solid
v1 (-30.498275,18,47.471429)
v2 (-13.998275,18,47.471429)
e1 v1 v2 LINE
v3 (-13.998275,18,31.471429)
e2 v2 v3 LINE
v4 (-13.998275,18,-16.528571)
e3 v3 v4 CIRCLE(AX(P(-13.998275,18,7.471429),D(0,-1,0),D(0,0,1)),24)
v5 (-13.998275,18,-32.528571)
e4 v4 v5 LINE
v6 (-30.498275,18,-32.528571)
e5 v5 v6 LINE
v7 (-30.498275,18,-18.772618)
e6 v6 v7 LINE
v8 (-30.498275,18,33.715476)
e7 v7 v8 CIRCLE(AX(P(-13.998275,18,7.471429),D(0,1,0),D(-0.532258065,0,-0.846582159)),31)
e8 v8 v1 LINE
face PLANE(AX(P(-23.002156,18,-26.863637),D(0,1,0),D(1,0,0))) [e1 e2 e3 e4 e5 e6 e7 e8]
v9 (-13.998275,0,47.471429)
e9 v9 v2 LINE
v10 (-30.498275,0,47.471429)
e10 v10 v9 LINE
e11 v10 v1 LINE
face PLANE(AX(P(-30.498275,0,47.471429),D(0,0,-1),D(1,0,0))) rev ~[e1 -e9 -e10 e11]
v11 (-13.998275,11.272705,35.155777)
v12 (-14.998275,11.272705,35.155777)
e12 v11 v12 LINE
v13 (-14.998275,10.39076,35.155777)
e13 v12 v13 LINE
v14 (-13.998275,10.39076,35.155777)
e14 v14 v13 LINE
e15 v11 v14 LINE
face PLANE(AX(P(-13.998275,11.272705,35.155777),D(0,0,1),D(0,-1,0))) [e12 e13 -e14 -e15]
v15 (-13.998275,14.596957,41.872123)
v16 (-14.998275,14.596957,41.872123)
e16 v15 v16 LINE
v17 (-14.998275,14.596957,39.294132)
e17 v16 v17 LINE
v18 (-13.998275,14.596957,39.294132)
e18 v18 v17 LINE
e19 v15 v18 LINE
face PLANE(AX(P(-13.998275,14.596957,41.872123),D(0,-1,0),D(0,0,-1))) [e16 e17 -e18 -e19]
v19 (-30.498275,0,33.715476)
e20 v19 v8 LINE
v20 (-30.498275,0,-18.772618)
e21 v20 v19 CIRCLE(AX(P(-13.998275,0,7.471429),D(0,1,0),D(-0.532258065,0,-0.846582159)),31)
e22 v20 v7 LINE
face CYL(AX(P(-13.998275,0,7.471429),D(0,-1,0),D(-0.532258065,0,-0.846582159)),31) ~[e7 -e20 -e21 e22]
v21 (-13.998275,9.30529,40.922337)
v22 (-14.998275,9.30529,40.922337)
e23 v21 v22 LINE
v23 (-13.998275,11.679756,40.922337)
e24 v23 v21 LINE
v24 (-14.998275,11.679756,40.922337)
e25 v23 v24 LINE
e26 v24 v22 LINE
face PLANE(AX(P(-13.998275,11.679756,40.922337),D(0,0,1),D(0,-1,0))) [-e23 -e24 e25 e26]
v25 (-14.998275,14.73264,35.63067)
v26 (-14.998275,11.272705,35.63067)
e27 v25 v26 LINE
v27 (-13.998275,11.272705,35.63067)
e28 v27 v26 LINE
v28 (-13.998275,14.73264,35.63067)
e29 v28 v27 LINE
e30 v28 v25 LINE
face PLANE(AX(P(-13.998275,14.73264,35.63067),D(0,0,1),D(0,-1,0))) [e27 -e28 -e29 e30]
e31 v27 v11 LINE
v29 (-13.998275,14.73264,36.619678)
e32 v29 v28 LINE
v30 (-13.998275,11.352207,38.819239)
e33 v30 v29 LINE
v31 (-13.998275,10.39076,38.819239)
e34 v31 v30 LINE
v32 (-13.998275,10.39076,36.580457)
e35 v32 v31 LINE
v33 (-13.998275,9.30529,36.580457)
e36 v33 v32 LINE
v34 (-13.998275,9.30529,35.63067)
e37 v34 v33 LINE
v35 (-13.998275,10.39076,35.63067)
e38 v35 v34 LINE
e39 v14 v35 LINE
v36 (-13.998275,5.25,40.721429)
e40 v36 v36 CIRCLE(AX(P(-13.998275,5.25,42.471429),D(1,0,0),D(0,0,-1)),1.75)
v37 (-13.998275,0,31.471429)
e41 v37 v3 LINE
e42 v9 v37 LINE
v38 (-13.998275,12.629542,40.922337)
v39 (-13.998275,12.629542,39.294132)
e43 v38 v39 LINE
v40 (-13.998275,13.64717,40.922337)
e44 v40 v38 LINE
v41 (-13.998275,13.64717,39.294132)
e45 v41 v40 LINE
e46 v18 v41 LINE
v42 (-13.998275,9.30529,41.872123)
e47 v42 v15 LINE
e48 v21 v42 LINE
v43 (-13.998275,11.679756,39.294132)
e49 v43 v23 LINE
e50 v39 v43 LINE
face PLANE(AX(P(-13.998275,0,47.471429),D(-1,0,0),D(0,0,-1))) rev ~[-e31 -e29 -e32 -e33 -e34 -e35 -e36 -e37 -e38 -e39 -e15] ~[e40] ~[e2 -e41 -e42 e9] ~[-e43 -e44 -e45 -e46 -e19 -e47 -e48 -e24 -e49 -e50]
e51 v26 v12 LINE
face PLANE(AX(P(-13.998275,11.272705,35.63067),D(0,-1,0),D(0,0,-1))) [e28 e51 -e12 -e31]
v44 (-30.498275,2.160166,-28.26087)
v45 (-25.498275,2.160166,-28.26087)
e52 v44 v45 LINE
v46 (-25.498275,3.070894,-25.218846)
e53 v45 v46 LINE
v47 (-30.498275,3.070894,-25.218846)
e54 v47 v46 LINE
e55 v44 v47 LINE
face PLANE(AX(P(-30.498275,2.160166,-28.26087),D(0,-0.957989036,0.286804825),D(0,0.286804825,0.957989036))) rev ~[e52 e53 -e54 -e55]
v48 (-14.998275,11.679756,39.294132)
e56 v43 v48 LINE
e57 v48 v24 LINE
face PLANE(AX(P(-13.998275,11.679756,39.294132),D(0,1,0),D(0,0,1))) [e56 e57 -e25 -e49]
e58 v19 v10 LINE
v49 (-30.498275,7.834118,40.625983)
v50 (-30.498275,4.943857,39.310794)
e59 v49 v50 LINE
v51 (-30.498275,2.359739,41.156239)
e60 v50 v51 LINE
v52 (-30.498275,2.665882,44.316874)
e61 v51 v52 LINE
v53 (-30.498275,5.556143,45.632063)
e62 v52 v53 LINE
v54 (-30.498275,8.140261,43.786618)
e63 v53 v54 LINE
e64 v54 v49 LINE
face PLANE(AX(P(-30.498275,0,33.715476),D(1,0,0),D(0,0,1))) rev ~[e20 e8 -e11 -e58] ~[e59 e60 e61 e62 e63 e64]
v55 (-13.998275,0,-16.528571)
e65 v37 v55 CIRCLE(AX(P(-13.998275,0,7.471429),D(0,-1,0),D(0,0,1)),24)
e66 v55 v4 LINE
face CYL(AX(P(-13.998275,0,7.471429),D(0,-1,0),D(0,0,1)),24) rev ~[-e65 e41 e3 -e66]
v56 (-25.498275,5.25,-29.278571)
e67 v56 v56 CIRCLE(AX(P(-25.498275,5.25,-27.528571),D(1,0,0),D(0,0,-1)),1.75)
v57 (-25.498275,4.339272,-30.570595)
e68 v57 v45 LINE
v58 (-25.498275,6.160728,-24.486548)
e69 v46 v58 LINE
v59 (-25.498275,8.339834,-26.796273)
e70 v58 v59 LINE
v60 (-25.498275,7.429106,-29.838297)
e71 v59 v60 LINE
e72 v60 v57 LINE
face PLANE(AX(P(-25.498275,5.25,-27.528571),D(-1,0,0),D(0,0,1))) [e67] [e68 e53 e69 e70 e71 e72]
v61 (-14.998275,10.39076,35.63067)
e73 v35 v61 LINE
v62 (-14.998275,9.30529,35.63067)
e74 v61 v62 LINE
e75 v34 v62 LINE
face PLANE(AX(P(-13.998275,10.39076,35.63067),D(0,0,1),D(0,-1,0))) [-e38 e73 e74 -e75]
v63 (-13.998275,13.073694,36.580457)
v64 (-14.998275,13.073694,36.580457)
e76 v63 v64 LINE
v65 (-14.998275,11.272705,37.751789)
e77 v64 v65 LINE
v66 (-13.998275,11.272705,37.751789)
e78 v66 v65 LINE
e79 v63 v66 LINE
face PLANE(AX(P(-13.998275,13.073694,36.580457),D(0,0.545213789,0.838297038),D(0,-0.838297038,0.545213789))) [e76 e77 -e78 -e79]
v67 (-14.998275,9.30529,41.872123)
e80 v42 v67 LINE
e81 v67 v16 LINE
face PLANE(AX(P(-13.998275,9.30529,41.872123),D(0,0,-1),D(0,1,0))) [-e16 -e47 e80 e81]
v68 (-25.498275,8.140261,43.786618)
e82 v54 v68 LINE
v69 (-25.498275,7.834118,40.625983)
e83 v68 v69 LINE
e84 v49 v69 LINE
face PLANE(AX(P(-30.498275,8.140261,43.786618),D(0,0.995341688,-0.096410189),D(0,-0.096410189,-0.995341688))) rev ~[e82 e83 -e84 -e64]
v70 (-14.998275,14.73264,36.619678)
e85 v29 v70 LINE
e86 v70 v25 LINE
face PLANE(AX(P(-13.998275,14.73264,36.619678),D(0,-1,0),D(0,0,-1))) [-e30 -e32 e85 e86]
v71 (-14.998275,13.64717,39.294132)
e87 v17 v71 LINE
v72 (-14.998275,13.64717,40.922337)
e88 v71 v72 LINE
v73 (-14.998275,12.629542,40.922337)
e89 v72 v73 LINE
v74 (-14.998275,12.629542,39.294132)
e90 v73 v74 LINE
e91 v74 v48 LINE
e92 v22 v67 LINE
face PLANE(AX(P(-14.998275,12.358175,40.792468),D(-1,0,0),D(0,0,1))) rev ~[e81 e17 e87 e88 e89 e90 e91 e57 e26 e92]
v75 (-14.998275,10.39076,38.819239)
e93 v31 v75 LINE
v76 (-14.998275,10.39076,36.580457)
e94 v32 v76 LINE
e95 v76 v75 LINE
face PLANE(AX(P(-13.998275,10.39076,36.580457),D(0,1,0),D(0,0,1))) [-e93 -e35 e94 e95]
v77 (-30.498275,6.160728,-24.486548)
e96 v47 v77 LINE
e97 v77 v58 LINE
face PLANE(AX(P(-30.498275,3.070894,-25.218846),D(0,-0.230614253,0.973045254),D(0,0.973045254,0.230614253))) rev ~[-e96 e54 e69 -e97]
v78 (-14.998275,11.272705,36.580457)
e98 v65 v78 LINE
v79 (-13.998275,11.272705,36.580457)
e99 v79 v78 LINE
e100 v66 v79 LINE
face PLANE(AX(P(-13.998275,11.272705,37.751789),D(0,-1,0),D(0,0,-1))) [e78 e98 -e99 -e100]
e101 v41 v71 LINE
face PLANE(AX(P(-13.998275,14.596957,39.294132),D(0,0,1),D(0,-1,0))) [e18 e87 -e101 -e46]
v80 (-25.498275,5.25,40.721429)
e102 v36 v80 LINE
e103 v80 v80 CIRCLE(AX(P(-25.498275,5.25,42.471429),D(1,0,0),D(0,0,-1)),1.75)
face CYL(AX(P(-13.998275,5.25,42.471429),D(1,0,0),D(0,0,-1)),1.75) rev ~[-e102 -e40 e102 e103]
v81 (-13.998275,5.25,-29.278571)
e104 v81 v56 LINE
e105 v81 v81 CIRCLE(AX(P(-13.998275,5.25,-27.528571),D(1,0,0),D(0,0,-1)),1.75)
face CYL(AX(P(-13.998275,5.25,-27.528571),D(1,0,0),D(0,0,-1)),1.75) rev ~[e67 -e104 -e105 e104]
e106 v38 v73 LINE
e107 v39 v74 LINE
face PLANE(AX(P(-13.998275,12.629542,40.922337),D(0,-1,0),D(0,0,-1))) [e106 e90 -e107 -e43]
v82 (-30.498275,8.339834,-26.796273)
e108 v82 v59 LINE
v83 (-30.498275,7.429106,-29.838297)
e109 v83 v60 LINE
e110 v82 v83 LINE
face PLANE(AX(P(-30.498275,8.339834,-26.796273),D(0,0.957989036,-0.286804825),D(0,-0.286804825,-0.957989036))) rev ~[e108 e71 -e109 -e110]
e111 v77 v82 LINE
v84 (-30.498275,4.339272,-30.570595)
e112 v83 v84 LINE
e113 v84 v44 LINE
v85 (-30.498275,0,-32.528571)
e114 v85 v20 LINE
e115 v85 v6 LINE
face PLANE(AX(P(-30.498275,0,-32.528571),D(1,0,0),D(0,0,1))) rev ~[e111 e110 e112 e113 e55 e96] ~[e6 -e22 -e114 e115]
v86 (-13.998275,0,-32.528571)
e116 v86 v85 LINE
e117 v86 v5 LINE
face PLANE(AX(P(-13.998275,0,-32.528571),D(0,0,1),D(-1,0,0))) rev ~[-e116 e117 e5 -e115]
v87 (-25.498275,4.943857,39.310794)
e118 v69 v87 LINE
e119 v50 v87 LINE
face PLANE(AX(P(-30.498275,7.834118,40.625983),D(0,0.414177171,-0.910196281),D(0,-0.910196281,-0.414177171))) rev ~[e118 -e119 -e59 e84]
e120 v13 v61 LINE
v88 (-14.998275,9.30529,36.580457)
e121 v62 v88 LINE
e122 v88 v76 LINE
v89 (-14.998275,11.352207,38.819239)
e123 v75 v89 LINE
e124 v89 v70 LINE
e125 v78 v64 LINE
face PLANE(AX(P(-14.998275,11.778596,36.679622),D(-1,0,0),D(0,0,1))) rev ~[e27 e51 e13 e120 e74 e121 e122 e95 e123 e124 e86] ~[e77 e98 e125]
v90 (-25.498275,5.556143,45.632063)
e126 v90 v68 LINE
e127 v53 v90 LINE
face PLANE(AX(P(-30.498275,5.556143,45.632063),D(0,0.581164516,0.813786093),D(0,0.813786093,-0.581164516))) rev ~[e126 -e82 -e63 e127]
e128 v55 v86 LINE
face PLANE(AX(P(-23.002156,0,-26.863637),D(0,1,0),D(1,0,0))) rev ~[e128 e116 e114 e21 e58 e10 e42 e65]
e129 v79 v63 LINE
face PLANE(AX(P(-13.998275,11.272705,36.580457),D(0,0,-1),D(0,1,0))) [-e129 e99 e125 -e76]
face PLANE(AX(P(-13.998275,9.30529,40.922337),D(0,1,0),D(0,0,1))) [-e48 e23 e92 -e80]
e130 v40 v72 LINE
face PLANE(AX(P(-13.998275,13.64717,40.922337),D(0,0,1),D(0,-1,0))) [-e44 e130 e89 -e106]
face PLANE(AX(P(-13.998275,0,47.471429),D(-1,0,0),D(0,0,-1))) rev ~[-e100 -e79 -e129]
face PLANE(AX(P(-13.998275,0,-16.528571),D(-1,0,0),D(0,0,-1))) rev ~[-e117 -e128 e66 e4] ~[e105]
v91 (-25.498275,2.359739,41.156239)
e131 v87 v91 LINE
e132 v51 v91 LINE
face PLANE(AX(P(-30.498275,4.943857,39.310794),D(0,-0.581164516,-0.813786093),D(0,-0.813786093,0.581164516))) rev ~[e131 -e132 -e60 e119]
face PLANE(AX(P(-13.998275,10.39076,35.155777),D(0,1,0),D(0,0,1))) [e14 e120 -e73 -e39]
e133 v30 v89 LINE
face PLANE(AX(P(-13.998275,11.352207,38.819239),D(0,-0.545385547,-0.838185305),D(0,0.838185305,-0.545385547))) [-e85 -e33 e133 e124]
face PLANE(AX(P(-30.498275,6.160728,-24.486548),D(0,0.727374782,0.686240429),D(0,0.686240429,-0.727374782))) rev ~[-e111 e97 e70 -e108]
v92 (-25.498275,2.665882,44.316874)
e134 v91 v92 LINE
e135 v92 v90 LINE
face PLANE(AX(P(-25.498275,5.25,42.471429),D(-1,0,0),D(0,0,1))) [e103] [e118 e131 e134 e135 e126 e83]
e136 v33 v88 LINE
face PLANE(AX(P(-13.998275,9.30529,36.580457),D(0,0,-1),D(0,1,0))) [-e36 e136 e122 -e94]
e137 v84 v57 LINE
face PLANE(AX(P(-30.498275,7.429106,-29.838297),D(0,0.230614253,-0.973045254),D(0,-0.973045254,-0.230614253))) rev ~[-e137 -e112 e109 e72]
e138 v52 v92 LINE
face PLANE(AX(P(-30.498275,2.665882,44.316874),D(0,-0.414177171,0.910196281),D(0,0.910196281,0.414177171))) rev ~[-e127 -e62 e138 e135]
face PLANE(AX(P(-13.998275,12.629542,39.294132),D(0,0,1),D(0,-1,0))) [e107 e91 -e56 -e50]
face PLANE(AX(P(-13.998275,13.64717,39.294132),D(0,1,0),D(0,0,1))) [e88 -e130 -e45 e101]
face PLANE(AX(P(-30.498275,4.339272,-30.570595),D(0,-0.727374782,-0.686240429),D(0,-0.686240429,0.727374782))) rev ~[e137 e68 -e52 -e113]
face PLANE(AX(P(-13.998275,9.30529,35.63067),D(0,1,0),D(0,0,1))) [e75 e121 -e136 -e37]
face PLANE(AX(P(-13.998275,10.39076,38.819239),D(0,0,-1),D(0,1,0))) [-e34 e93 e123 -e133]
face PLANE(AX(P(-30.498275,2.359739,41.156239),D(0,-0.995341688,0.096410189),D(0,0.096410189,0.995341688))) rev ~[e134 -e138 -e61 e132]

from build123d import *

# Parameters (mm, degrees)
BOSS_EXTRUDE1_DEPTH = 18
SKETCH2_R           = 1.75
CUT_EXTRUDE1_DEPTH  = 32
CUT_EXTRUDE2_DEPTH  = 1
CUT_EXTRUDE3_DEPTH  = 5


with BuildPart() as part:
    # Sketch1 → Boss-Extrude1 (new body)
    with BuildSketch(Plane(origin=(0, 0, 0), x_dir=(1, 0, 0), z_dir=(0, 1, 0))):
        with BuildLine():
            Line((-13.998275301, 32.528571429), (-30.498275301, 32.528571429))
            Line((-30.498275301, 32.528571429), (-30.498275301, 18.772618373))
            ThreePointArc((-30.498275301, 18.772618373), (-22.584151632, 22.315862806), (-13.998275301, 23.528571429))
            Line((-13.998275301, 23.528571429), (-13.998275301, 32.528571429))
        make_face()
        with BuildLine():
            ThreePointArc((-13.998275301, 23.528571429), (-22.584151632, 22.315862806), (-30.498275301, 18.772618373))
            ThreePointArc((-30.498275301, 18.772618373), (-44.998275301, -7.471428571), (-30.498275301, -33.715475515))
            ThreePointArc((-30.498275301, -33.715475515), (-22.584151632, -37.258719949), (-13.998275301, -38.471428571))
            Line((-13.998275301, -38.471428571), (-13.998275301, -31.471428571))
            ThreePointArc((-13.998275301, -31.471428571), (-37.998275301, -7.471428571), (-13.998275301, 16.528571429))
            Line((-13.998275301, 16.528571429), (-13.998275301, 23.528571429))
        make_face()
        with BuildLine():
            Line((-30.498275301, -33.715475515), (-30.498275301, -47.471428571))
            Line((-30.498275301, -47.471428571), (-13.998275301, -47.471428571))
            Line((-13.998275301, -47.471428571), (-13.998275301, -38.471428571))
            ThreePointArc((-13.998275301, -38.471428571), (-22.584151632, -37.258719949), (-30.498275301, -33.715475515))
        make_face()
    extrude(amount=BOSS_EXTRUDE1_DEPTH)

    # Sketch2 → Cut-Extrude1 (cut, through all)
    with BuildSketch(Plane(origin=(-13.998275301, 0, 0), x_dir=(0, 0, -1), z_dir=(1, 0, 0))):
        with Locations((-42.471428571, 5.25)):
            Circle(SKETCH2_R)
        with Locations((27.528571429, 5.25)):
            Circle(SKETCH2_R)
    extrude(amount=-CUT_EXTRUDE1_DEPTH, mode=Mode.SUBTRACT)

    # Sketch3 → Cut-Extrude2 (cut)
    with BuildSketch(Plane(origin=(-13.998275301, 0, 0), x_dir=(0, 0, -1), z_dir=(1, 0, 0))):
        Polygon((-41.872123333, 14.596956651), (-39.29413188, 14.596956651), (-39.29413188, 13.647170326), (-40.922337009, 13.647170326), (-40.922337009, 12.629542121), (-39.29413188, 12.629542121), (-39.29413188, 11.679755796), (-40.922337009, 11.679755796), (-40.922337009, 9.305289984), (-41.872123333, 9.305289984), align=None)
        Polygon((-36.619677754, 14.732640412), (-35.630670342, 14.732640412), (-35.630670342, 11.272704514), (-35.15577718, 11.272704514), (-35.15577718, 10.39076007), (-35.630670342, 10.39076007), (-35.630670342, 9.305289984), (-36.580456667, 9.305289984), (-36.580456667, 10.39076007), (-38.819238718, 10.39076007), (-38.819238718, 11.352206718), align=None)
        Polygon((-36.580456667, 11.272704514), (-36.580456667, 13.073694431), (-37.751789132, 11.272704514), align=None, mode=Mode.SUBTRACT)
    extrude(amount=-CUT_EXTRUDE2_DEPTH, mode=Mode.SUBTRACT)

    # Sketch4 → Cut-Extrude3 (cut)
    with BuildSketch(Plane.ZY.offset(30.498275301)):
        Polygon((-25.218846283, 3.070893971), (-24.486547677, 6.160727637), (-26.796272822, 8.339833666), (-29.838296574, 7.429106029), (-30.57059518, 4.339272363), (-28.260870035, 2.160166334), align=None)
        Polygon((44.316873767, 2.665882092), (45.632062924, 5.556143466), (43.786617729, 8.140261375), (40.625983376, 7.834117908), (39.310794219, 4.943856534), (41.156239414, 2.359738625), align=None)
    extrude(amount=-CUT_EXTRUDE3_DEPTH, mode=Mode.SUBTRACT)


solid = part.part
